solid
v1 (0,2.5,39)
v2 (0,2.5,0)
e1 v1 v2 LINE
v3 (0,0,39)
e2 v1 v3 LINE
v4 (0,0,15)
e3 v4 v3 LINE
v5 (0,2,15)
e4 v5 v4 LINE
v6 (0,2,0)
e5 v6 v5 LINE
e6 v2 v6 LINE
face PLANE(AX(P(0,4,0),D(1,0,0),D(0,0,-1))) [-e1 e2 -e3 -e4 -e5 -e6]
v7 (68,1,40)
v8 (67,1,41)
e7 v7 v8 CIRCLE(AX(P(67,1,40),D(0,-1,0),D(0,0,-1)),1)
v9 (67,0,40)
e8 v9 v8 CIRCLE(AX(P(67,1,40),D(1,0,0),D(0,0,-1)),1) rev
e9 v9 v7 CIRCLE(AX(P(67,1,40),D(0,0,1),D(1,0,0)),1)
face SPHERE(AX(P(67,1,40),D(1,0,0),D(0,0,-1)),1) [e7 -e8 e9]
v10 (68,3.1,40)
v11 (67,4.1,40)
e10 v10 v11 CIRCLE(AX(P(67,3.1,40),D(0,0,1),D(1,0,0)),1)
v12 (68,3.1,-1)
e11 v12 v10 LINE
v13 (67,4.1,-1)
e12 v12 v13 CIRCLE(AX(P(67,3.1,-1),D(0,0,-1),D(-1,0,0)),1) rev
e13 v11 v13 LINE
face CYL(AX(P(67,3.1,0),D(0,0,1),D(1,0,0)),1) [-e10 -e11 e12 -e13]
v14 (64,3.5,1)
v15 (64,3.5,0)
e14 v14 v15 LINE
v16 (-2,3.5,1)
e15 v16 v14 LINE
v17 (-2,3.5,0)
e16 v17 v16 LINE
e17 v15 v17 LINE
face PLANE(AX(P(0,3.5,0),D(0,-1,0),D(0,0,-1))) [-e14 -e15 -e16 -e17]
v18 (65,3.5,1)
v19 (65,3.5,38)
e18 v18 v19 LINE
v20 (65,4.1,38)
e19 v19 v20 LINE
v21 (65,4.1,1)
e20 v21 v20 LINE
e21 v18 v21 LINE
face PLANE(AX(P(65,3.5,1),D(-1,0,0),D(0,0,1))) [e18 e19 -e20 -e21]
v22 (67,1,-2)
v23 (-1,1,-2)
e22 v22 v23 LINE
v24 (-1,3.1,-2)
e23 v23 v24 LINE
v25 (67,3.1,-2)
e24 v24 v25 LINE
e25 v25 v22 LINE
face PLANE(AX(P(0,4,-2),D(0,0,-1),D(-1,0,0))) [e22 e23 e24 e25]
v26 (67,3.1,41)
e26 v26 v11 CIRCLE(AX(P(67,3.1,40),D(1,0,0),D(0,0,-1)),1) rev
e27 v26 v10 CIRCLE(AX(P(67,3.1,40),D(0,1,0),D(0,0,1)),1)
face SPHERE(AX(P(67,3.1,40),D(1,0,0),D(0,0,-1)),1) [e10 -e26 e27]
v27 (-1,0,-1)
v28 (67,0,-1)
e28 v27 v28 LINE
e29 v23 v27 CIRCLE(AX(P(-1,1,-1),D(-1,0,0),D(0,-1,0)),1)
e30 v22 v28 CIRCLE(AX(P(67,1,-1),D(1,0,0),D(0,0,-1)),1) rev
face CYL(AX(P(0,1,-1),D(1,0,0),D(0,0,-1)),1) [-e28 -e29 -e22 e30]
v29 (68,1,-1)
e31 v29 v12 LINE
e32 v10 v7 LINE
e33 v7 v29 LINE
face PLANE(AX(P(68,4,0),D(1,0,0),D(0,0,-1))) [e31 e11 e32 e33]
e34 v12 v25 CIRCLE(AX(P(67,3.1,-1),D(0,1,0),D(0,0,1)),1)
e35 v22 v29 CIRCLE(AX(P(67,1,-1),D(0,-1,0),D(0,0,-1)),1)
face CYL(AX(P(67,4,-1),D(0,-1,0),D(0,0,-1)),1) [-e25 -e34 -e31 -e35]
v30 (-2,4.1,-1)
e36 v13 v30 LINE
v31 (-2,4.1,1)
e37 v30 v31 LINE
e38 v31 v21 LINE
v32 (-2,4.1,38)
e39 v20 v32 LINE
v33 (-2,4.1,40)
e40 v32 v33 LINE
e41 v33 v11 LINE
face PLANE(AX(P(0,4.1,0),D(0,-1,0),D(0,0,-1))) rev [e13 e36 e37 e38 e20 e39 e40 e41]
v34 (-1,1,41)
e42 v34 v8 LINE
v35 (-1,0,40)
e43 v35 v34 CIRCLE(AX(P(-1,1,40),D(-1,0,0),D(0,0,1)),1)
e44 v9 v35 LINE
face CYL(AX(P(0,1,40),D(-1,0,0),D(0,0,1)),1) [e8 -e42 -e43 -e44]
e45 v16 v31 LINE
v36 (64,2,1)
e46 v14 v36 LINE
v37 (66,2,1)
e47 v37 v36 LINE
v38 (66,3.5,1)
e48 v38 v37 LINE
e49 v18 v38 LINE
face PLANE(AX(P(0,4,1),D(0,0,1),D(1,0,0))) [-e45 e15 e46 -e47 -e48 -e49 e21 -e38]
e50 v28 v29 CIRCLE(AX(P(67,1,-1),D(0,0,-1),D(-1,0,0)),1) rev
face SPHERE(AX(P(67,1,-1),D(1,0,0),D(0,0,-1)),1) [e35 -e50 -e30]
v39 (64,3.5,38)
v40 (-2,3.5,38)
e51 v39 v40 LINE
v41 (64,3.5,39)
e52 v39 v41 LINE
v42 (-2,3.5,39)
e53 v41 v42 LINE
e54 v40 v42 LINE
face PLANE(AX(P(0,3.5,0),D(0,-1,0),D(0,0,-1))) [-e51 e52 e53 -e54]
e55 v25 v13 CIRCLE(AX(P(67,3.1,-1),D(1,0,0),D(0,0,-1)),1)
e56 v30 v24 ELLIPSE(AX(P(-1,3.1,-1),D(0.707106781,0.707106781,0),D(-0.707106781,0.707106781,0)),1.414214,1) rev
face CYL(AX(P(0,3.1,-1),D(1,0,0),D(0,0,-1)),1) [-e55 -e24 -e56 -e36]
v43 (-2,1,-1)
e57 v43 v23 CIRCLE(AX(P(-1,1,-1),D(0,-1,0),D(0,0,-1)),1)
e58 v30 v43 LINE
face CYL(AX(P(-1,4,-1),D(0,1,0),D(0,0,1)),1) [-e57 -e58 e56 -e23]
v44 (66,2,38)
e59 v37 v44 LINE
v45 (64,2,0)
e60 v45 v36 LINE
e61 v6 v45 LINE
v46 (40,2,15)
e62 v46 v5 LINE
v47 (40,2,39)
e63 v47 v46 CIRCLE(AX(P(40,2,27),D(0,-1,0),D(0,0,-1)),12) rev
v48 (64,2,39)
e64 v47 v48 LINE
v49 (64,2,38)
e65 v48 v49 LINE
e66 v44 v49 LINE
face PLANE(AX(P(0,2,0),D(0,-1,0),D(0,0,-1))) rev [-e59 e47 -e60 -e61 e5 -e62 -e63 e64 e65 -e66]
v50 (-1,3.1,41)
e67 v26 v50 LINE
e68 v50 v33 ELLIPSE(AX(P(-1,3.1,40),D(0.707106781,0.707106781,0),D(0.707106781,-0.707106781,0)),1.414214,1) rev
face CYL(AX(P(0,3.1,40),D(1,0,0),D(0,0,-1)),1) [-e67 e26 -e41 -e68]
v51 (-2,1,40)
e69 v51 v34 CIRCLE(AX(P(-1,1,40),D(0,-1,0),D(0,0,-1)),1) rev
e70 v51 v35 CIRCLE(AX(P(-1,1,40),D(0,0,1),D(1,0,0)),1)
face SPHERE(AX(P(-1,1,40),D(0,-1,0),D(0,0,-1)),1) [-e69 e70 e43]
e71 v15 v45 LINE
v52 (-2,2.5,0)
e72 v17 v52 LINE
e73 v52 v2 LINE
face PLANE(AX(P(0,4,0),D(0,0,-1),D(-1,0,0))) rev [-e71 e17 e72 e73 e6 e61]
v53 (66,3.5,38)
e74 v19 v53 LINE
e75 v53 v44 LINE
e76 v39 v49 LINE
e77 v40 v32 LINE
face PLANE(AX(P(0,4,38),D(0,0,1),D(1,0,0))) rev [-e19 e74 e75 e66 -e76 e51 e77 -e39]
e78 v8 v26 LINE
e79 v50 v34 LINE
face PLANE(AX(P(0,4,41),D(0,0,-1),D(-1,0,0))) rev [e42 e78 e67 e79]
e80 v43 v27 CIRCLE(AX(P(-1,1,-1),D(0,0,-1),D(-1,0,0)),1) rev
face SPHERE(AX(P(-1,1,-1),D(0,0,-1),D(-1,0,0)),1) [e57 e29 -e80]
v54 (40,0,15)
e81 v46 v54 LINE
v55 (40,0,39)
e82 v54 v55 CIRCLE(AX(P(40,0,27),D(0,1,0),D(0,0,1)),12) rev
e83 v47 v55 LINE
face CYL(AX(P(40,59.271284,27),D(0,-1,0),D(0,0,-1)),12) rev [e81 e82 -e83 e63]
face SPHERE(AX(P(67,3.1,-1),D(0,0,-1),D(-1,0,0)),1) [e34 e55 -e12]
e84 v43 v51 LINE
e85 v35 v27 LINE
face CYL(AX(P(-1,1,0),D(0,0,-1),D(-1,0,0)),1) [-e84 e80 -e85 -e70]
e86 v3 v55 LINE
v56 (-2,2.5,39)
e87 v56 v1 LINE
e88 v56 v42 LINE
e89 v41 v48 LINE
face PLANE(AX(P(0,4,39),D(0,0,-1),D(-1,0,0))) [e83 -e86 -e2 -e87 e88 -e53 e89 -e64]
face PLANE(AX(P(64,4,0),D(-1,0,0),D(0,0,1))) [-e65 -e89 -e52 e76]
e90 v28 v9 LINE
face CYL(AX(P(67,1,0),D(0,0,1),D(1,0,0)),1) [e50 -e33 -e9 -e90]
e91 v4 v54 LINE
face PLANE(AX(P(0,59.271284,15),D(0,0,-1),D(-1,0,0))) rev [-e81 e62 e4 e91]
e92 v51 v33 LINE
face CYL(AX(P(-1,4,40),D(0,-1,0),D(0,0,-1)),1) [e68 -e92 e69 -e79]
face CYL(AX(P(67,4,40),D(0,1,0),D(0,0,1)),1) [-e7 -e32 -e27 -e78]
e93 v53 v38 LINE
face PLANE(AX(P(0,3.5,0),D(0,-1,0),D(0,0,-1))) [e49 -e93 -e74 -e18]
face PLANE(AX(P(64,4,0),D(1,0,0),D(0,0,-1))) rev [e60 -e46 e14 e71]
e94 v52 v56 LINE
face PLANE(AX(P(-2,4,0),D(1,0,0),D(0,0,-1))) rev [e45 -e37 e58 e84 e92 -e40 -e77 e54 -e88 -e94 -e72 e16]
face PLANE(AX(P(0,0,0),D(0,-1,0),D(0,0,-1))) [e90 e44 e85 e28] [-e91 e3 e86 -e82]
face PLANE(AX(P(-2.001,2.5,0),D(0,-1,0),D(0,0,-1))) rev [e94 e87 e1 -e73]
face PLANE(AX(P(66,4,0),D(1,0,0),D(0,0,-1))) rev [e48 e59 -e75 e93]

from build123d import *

# Parameters (mm, degrees)
BOSS_EXTRUDE1_DEPTH      = 2
SKETCH1_3_W              = 70
SKETCH1_3_H              = 43
BOSS_EXTRUDE2_DEPTH      = 4
SKETCH1_5_W              = 40
SKETCH1_5_H              = 24
CUT_EXTRUDE4_DEPTH       = 2
CUT_EXTRUDE5_REACH       = 81.505
SKETCH2_W                = 39
SKETCH2_H                = 1.5
BOSS_EXTRUDE3_DEPTH      = 0.1
BOSS_EXTRUDE3_DEPTH_BACK = 0.5
FILLET1_R                = 1


with BuildPart() as part:
    # Sketch1 → Boss-Extrude1 (new body)
    with BuildSketch(Plane(origin=(0, 0, 0), x_dir=(1, 0, 0), z_dir=(0, 1, 0))):
        Polygon((0, 0), (64, 0), (64, -1), (66, -1), (66, -38), (64, -38), (64, -39), (0, -39), align=None)
    extrude(amount=BOSS_EXTRUDE1_DEPTH)

    # Sketch1<3> → Boss-Extrude2 (add)
    with BuildSketch(Plane(origin=(0, 0, 0), x_dir=(1, 0, 0), z_dir=(0, 1, 0))):
        with Locations((33, -19.5)):
            Rectangle(SKETCH1_3_W, SKETCH1_3_H)
        Polygon((0, 0), (64, 0), (64, -1), (66, -1), (66, -38), (64, -38), (64, -39), (0, -39), align=None, mode=Mode.SUBTRACT)
    extrude(amount=BOSS_EXTRUDE2_DEPTH)

    # Sketch1<5> → Cut-Extrude4 (cut)
    with BuildSketch(Plane(origin=(0, 0, 0), x_dir=(1, 0, 0), z_dir=(0, 1, 0))):
        with Locations((20, -27)):
            Rectangle(SKETCH1_5_W, SKETCH1_5_H)
        with BuildLine():
            ThreePointArc((40, -15), (52, -27), (40, -39))
            Line((40, -39), (40, -15))
        make_face()
    extrude(amount=CUT_EXTRUDE4_DEPTH, mode=Mode.SUBTRACT)

    # Sketch2 → Cut-Extrude5 (cut, up to next)
    with BuildSketch(Plane(origin=(0, 0, 0), x_dir=(0, 0, -1), z_dir=(1, 0, 0)), mode=Mode.PRIVATE) as cut_extrude5_sk1:
        with Locations((-19.5, 3.25)):
            Rectangle(SKETCH2_W, SKETCH2_H)
    cut_extrude5_tool1 = extrude(cut_extrude5_sk1.sketch, amount=-CUT_EXTRUDE5_REACH, mode=Mode.PRIVATE) & part.part
    add(cut_extrude5_tool1.solids().sort_by_distance((0, 3.25, 19.5))[0], mode=Mode.SUBTRACT)

    # Sketch3 → Boss-Extrude3 (add, two sides: drawn at the far end of the back side and taken through both)
    with BuildSketch(Plane(origin=(0, 4, 0), x_dir=(1, 0, 0), z_dir=(0, 1, 0)).offset(-BOSS_EXTRUDE3_DEPTH_BACK)):
        Polygon((-2, -41), (68, -41), (68, 2), (-2, 2), (-2, -1), (65, -1), (65, -38), (-2, -38), align=None)
    extrude(amount=BOSS_EXTRUDE3_DEPTH + BOSS_EXTRUDE3_DEPTH_BACK)

    # Fillet1
    fillet1_edges = [part.edges().sort_by_distance(p)[0] for p in [
        (33, 4.1, 41),
        (68, 4.1, 19.5),
        (33, 4.1, -2),
        (68, 2.05, -2),
        (-2, 0, 19.5),
        (-2, 2.05, -2),
        (33, 0, 41),
        (-2, 2.05, 41),
        (68, 2.05, 41),
        (33, 0, -2),
        (68, 0, 19.5),
    ]]
    fillet(fillet1_edges, radius=FILLET1_R)


solid = part.part
